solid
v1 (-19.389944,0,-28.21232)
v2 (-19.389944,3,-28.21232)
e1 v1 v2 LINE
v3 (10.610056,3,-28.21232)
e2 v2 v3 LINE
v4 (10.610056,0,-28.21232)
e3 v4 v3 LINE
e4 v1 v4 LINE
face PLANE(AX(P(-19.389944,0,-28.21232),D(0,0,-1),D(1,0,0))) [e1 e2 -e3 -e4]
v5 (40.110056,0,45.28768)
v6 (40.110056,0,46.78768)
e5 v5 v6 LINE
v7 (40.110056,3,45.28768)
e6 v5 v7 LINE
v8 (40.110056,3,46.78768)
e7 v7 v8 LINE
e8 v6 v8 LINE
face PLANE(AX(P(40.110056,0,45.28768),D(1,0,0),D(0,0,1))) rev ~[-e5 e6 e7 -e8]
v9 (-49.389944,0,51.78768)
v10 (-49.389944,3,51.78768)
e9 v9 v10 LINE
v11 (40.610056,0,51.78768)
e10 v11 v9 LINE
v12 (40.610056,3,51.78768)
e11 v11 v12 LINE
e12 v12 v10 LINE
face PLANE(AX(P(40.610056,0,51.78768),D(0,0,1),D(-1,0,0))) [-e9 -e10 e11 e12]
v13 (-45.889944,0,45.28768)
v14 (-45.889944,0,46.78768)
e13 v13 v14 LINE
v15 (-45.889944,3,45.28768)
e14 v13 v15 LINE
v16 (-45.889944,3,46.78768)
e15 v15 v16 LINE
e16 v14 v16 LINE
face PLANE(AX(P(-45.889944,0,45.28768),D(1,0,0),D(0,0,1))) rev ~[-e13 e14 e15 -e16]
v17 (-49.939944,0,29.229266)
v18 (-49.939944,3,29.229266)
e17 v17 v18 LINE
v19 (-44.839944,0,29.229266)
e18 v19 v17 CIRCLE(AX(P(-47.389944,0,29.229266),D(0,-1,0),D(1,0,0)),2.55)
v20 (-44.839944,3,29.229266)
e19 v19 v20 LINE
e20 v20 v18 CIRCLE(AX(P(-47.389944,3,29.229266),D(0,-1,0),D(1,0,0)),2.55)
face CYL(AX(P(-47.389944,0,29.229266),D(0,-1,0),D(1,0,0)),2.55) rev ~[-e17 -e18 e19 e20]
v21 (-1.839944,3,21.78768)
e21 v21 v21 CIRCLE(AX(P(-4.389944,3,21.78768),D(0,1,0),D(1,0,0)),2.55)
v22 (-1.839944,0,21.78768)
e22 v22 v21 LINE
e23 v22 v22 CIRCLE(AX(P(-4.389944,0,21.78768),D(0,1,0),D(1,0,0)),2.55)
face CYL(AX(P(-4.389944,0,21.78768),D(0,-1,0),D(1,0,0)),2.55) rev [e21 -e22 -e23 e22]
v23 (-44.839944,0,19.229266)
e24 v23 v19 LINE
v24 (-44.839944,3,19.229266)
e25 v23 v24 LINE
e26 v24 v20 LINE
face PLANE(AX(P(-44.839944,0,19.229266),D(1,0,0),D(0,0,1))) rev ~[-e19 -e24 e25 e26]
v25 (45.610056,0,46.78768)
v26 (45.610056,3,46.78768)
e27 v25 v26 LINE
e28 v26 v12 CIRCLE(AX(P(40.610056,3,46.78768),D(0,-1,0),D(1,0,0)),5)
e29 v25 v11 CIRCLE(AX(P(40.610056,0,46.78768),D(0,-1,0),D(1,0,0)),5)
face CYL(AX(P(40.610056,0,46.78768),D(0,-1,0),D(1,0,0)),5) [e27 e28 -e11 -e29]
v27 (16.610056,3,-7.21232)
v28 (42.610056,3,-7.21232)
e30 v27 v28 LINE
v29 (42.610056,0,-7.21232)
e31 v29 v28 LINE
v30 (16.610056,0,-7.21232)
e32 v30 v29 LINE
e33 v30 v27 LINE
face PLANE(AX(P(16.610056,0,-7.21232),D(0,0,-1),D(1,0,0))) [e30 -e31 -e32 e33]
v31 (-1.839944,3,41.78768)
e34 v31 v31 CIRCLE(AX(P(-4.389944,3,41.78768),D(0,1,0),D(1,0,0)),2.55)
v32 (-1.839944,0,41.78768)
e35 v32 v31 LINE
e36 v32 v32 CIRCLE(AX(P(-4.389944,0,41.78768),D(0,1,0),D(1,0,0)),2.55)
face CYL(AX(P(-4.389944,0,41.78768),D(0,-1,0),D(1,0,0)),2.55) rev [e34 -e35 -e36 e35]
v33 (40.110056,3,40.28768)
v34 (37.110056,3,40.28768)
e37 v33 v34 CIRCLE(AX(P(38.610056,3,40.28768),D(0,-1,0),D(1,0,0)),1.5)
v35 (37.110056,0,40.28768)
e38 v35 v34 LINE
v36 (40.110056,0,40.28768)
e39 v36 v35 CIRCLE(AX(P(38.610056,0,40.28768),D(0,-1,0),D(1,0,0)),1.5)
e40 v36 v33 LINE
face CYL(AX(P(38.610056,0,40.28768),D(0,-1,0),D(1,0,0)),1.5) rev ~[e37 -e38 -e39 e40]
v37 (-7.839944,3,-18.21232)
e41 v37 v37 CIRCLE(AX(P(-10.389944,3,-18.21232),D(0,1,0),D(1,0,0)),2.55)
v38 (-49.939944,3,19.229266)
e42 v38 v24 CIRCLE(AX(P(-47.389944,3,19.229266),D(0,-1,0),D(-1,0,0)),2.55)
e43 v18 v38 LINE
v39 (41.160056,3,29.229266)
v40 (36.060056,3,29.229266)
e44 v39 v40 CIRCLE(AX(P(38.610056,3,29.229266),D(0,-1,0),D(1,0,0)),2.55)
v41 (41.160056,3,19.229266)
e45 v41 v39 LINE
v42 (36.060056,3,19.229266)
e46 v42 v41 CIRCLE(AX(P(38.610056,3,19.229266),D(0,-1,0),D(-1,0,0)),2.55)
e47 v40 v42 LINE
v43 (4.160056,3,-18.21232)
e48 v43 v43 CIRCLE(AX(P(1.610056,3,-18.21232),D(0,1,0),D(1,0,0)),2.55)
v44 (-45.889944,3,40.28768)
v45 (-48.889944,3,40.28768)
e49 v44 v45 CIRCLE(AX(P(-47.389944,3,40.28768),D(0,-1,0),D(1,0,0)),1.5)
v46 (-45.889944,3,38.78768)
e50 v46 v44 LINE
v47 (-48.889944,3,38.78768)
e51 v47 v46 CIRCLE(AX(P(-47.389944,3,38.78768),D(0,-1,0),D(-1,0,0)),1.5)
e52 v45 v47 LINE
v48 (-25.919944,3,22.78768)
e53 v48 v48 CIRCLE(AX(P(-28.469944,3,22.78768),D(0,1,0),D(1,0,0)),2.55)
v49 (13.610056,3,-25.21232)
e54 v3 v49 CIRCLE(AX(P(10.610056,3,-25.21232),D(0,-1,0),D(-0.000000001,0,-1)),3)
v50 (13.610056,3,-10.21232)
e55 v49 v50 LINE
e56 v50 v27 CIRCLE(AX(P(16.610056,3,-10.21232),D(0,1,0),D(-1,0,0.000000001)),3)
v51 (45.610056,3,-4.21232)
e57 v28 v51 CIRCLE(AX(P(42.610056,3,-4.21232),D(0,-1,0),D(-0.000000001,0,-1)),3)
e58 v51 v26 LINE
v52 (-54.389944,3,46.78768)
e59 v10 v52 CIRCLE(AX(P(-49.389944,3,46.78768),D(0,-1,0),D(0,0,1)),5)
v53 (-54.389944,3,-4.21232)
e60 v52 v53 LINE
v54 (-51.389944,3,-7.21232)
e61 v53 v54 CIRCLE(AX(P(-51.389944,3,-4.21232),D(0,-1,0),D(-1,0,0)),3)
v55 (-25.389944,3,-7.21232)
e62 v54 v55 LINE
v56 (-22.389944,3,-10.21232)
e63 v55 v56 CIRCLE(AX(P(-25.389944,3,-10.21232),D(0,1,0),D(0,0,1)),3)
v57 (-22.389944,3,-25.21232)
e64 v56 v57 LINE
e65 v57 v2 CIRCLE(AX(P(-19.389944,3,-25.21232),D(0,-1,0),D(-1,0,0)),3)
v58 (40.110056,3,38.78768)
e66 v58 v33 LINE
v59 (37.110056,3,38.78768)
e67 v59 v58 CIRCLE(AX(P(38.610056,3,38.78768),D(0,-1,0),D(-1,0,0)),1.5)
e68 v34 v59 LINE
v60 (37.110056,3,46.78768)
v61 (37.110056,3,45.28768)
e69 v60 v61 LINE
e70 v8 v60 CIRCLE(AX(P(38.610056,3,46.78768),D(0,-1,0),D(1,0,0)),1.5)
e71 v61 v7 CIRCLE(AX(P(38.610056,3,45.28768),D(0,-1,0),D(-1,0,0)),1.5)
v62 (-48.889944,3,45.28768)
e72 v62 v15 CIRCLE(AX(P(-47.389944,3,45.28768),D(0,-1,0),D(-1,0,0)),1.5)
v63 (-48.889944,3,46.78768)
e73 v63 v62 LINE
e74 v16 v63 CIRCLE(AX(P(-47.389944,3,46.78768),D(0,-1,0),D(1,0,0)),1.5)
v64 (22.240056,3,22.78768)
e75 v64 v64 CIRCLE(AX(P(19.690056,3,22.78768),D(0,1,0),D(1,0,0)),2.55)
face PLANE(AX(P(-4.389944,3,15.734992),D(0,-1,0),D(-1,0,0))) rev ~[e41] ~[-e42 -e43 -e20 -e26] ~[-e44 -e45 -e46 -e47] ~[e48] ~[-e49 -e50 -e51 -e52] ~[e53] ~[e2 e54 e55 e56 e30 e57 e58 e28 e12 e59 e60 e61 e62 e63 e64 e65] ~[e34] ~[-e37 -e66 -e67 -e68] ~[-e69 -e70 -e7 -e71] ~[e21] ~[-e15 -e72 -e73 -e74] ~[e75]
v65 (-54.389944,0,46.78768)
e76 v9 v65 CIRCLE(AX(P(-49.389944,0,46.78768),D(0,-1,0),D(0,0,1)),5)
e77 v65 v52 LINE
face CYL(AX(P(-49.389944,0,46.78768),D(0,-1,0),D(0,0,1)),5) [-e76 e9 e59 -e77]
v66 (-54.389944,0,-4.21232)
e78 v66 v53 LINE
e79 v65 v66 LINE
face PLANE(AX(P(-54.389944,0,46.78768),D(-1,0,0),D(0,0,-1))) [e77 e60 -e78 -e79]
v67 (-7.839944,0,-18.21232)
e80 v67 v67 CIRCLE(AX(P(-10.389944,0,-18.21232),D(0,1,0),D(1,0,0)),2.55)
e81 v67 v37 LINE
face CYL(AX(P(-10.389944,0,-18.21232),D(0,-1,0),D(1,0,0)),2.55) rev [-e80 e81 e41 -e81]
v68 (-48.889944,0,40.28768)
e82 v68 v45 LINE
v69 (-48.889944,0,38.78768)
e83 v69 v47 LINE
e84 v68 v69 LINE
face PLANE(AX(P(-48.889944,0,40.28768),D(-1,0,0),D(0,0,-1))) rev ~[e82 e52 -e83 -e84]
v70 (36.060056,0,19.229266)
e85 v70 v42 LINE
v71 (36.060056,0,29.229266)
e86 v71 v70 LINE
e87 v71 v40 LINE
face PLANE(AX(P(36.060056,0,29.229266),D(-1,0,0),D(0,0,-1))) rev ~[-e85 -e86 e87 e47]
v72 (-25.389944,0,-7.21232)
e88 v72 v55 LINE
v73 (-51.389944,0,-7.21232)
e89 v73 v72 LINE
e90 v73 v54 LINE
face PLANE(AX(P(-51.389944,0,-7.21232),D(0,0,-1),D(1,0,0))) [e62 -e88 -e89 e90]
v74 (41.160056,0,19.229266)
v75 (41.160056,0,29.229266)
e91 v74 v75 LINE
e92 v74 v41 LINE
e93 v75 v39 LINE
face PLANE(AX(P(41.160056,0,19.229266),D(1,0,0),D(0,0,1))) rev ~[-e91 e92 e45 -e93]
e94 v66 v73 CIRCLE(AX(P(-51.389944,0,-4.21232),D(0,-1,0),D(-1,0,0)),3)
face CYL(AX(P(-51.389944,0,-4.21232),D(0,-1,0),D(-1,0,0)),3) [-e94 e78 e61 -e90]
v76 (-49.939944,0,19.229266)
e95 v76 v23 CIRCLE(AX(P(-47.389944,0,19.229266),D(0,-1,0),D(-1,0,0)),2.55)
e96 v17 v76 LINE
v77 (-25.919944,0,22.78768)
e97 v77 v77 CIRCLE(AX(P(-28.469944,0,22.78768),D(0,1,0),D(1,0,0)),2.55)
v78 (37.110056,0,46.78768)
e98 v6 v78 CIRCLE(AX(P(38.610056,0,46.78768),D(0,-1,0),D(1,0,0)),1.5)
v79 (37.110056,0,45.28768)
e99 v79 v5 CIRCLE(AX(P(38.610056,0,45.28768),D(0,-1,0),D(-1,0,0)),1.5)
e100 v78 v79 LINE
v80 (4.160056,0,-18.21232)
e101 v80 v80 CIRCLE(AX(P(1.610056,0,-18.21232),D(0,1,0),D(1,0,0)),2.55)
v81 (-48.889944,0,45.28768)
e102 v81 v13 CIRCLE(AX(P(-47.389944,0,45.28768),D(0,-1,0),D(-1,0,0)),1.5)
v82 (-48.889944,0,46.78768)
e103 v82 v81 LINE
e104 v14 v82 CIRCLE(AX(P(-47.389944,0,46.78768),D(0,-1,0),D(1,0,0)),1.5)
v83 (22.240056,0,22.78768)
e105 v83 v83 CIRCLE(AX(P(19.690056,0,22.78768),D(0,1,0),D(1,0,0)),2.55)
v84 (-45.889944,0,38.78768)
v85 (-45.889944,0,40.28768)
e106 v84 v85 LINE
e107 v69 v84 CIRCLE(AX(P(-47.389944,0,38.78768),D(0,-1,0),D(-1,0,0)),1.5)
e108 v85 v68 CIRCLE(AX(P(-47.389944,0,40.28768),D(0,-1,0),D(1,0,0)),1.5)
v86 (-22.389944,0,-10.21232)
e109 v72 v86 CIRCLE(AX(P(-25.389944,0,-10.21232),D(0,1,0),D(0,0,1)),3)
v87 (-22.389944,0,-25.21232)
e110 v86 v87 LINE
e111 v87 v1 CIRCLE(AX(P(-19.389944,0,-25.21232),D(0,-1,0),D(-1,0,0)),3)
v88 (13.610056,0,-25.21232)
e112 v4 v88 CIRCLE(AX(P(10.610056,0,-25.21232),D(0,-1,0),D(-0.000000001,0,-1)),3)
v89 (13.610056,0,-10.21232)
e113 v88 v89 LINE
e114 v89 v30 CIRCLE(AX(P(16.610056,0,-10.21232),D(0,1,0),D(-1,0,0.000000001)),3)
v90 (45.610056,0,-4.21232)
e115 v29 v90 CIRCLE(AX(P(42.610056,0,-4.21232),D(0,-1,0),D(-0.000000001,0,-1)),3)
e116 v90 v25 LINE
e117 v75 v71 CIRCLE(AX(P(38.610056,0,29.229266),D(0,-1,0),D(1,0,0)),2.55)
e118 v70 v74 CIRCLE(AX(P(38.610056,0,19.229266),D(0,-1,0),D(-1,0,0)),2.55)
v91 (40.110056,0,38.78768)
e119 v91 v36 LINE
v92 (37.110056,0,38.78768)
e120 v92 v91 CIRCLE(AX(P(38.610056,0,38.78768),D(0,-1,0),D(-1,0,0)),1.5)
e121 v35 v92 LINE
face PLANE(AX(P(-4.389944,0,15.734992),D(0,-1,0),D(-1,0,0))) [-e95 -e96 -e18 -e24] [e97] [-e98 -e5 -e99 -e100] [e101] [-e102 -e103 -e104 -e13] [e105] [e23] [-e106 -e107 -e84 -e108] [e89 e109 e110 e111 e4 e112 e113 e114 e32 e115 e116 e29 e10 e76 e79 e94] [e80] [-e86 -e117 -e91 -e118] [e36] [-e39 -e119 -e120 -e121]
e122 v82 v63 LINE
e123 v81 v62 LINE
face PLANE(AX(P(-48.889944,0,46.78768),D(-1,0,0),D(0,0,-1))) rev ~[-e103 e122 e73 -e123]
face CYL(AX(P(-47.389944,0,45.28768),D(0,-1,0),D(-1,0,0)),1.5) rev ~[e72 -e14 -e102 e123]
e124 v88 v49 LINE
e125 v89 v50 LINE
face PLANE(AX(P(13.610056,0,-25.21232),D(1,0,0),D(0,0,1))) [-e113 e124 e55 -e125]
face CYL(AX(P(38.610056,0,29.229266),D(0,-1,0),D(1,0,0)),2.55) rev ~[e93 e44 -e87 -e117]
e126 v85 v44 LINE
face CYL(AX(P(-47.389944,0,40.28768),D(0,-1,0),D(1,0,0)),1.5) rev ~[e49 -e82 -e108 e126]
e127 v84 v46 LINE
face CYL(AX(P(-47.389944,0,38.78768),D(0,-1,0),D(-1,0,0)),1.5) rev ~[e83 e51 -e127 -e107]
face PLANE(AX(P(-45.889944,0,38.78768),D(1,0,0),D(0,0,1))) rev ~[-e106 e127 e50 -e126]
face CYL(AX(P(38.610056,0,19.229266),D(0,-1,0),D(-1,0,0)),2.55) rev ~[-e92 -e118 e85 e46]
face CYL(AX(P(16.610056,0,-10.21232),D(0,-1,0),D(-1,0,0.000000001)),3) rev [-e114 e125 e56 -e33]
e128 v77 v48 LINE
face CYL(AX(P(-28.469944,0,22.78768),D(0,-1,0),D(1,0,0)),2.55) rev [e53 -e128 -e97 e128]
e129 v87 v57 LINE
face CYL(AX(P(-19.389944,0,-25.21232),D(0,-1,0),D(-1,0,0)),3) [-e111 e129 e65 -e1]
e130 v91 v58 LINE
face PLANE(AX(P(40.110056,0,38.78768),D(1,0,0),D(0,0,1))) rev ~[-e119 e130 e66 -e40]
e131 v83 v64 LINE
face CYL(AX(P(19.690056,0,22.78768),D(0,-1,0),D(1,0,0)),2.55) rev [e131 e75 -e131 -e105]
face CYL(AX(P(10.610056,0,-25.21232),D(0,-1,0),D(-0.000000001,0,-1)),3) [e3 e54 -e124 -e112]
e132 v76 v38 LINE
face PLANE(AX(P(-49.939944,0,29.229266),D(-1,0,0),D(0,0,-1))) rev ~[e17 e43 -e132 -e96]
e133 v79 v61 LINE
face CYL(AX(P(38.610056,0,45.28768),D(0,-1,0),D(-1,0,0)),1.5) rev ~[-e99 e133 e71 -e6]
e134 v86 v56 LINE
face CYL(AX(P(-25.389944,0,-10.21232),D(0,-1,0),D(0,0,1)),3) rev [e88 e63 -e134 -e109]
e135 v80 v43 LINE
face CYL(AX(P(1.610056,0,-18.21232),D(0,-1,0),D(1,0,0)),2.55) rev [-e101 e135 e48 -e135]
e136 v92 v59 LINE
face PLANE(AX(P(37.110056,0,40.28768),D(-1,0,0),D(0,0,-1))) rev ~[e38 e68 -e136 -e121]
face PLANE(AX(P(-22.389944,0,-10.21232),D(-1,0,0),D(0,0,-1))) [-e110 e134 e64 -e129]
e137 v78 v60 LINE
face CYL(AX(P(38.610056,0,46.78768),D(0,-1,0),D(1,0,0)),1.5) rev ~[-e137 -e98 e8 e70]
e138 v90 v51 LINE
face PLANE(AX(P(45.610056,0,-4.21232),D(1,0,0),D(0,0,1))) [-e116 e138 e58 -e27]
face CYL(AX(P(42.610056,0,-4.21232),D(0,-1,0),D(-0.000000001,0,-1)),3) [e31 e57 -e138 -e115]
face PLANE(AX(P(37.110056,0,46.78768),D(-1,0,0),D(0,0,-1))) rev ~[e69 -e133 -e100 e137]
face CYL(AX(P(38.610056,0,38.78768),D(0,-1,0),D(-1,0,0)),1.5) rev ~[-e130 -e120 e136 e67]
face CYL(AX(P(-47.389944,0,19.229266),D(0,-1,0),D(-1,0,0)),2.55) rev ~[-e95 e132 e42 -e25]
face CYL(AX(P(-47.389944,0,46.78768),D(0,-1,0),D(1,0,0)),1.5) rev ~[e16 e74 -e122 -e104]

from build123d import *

# Parameters (mm, degrees)
SKETCH1_R           = 2.55
BOSS_EXTRUDE1_DEPTH = 3


with BuildPart() as part:
    # Sketch1 → Boss-Extrude1 (new body)
    with BuildSketch(Plane(origin=(0, 0, 0), x_dir=(1, 0, 0), z_dir=(0, 1, 0))):
        with BuildLine():
            Line((-19.389943983, 28.212319901), (10.610056017, 28.212319901))
            ThreePointArc((10.610056017, 28.212319901), (12.731376361, 27.333640245), (13.610056017, 25.212319901))
            Line((13.610056017, 25.212319901), (13.610056017, 10.212319901))
            ThreePointArc((13.610056017, 10.212319901), (14.488735674, 8.090999558), (16.610056017, 7.212319901))
            Line((16.610056017, 7.212319901), (32.610056017, 7.212319901))
            Line((32.610056017, 7.212319901), (42.610056017, 7.212319901))
            ThreePointArc((42.610056017, 7.212319901), (44.731376361, 6.333640245), (45.610056017, 4.212319901))
            Line((45.610056017, 4.212319901), (45.610056017, -46.787680099))
            ThreePointArc((45.610056017, -46.787680099), (44.145589923, -50.323214005), (40.610056017, -51.787680099))
            Line((40.610056017, -51.787680099), (-49.389943983, -51.787680099))
            ThreePointArc((-49.389943983, -51.787680099), (-52.925477889, -50.323214005), (-54.389943983, -46.787680099))
            Line((-54.389943983, -46.787680099), (-54.389943983, 4.212319901))
            ThreePointArc((-54.389943983, 4.212319901), (-53.511264326, 6.333640245), (-51.389943983, 7.212319901))
            Line((-51.389943983, 7.212319901), (-41.389943983, 7.212319901))
            Line((-41.389943983, 7.212319901), (-25.389943983, 7.212319901))
            ThreePointArc((-25.389943983, 7.212319901), (-23.268623639, 8.090999558), (-22.389943983, 10.212319901))
            Line((-22.389943983, 10.212319901), (-22.389943983, 25.212319901))
            ThreePointArc((-22.389943983, 25.212319901), (-21.511264326, 27.333640245), (-19.389943983, 28.212319901))
        make_face()
        with Locations((-10.389943983, 18.212319901)):
            Circle(SKETCH1_R, mode=Mode.SUBTRACT)
        with Locations((1.610056017, 18.212319901)):
            Circle(SKETCH1_R, mode=Mode.SUBTRACT)
        with Locations((-4.389943983, -41.787680099)):
            Circle(SKETCH1_R, mode=Mode.SUBTRACT)
        with Locations((-4.389943983, -21.787680099)):
            Circle(SKETCH1_R, mode=Mode.SUBTRACT)
        with Locations((-28.469943983, -22.787680099)):
            Circle(SKETCH1_R, mode=Mode.SUBTRACT)
        with Locations((19.690056017, -22.787680099)):
            Circle(SKETCH1_R, mode=Mode.SUBTRACT)
        with BuildLine():
            Line((40.110056017, -38.787680099), (40.110056017, -40.287680099))
            ThreePointArc((40.110056017, -40.287680099), (38.610056017, -41.787680099), (37.110056017, -40.287680099))
            Line((37.110056017, -40.287680099), (37.110056017, -38.787680099))
            ThreePointArc((37.110056017, -38.787680099), (38.610056017, -37.287680099), (40.110056017, -38.787680099))
        make_face(mode=Mode.SUBTRACT)
        with BuildLine():
            Line((37.110056017, -46.787680099), (37.110056017, -45.287680099))
            ThreePointArc((37.110056017, -45.287680099), (38.610056017, -43.787680099), (40.110056017, -45.287680099))
            Line((40.110056017, -45.287680099), (40.110056017, -46.787680099))
            ThreePointArc((40.110056017, -46.787680099), (38.610056017, -48.287680099), (37.110056017, -46.787680099))
        make_face(mode=Mode.SUBTRACT)
        with BuildLine():
            Line((41.160056017, -19.229266089), (41.160056017, -29.229266089))
            ThreePointArc((41.160056017, -29.229266089), (38.610056017, -31.779266089), (36.060056017, -29.229266089))
            Line((36.060056017, -29.229266089), (36.060056017, -19.229266089))
            ThreePointArc((36.060056017, -19.229266089), (38.610056017, -16.679266089), (41.160056017, -19.229266089))
        make_face(mode=Mode.SUBTRACT)
        with BuildLine():
            Line((-45.889943983, -38.787680099), (-45.889943983, -40.287680099))
            ThreePointArc((-45.889943983, -40.287680099), (-47.389943983, -41.787680099), (-48.889943983, -40.287680099))
            Line((-48.889943983, -40.287680099), (-48.889943983, -38.787680099))
            ThreePointArc((-48.889943983, -38.787680099), (-47.389943983, -37.287680099), (-45.889943983, -38.787680099))
        make_face(mode=Mode.SUBTRACT)
        with BuildLine():
            Line((-48.889943983, -46.787680099), (-48.889943983, -45.287680099))
            ThreePointArc((-48.889943983, -45.287680099), (-47.389943983, -43.787680099), (-45.889943983, -45.287680099))
            Line((-45.889943983, -45.287680099), (-45.889943983, -46.787680099))
            ThreePointArc((-45.889943983, -46.787680099), (-47.389943983, -48.287680099), (-48.889943983, -46.787680099))
        make_face(mode=Mode.SUBTRACT)
        with BuildLine():
            Line((-44.839943983, -19.229266089), (-44.839943983, -29.229266089))
            ThreePointArc((-44.839943983, -29.229266089), (-47.389943983, -31.779266089), (-49.939943983, -29.229266089))
            Line((-49.939943983, -29.229266089), (-49.939943983, -19.229266089))
            ThreePointArc((-49.939943983, -19.229266089), (-47.389943983, -16.679266089), (-44.839943983, -19.229266089))
        make_face(mode=Mode.SUBTRACT)
    extrude(amount=BOSS_EXTRUDE1_DEPTH)


solid = part.part
